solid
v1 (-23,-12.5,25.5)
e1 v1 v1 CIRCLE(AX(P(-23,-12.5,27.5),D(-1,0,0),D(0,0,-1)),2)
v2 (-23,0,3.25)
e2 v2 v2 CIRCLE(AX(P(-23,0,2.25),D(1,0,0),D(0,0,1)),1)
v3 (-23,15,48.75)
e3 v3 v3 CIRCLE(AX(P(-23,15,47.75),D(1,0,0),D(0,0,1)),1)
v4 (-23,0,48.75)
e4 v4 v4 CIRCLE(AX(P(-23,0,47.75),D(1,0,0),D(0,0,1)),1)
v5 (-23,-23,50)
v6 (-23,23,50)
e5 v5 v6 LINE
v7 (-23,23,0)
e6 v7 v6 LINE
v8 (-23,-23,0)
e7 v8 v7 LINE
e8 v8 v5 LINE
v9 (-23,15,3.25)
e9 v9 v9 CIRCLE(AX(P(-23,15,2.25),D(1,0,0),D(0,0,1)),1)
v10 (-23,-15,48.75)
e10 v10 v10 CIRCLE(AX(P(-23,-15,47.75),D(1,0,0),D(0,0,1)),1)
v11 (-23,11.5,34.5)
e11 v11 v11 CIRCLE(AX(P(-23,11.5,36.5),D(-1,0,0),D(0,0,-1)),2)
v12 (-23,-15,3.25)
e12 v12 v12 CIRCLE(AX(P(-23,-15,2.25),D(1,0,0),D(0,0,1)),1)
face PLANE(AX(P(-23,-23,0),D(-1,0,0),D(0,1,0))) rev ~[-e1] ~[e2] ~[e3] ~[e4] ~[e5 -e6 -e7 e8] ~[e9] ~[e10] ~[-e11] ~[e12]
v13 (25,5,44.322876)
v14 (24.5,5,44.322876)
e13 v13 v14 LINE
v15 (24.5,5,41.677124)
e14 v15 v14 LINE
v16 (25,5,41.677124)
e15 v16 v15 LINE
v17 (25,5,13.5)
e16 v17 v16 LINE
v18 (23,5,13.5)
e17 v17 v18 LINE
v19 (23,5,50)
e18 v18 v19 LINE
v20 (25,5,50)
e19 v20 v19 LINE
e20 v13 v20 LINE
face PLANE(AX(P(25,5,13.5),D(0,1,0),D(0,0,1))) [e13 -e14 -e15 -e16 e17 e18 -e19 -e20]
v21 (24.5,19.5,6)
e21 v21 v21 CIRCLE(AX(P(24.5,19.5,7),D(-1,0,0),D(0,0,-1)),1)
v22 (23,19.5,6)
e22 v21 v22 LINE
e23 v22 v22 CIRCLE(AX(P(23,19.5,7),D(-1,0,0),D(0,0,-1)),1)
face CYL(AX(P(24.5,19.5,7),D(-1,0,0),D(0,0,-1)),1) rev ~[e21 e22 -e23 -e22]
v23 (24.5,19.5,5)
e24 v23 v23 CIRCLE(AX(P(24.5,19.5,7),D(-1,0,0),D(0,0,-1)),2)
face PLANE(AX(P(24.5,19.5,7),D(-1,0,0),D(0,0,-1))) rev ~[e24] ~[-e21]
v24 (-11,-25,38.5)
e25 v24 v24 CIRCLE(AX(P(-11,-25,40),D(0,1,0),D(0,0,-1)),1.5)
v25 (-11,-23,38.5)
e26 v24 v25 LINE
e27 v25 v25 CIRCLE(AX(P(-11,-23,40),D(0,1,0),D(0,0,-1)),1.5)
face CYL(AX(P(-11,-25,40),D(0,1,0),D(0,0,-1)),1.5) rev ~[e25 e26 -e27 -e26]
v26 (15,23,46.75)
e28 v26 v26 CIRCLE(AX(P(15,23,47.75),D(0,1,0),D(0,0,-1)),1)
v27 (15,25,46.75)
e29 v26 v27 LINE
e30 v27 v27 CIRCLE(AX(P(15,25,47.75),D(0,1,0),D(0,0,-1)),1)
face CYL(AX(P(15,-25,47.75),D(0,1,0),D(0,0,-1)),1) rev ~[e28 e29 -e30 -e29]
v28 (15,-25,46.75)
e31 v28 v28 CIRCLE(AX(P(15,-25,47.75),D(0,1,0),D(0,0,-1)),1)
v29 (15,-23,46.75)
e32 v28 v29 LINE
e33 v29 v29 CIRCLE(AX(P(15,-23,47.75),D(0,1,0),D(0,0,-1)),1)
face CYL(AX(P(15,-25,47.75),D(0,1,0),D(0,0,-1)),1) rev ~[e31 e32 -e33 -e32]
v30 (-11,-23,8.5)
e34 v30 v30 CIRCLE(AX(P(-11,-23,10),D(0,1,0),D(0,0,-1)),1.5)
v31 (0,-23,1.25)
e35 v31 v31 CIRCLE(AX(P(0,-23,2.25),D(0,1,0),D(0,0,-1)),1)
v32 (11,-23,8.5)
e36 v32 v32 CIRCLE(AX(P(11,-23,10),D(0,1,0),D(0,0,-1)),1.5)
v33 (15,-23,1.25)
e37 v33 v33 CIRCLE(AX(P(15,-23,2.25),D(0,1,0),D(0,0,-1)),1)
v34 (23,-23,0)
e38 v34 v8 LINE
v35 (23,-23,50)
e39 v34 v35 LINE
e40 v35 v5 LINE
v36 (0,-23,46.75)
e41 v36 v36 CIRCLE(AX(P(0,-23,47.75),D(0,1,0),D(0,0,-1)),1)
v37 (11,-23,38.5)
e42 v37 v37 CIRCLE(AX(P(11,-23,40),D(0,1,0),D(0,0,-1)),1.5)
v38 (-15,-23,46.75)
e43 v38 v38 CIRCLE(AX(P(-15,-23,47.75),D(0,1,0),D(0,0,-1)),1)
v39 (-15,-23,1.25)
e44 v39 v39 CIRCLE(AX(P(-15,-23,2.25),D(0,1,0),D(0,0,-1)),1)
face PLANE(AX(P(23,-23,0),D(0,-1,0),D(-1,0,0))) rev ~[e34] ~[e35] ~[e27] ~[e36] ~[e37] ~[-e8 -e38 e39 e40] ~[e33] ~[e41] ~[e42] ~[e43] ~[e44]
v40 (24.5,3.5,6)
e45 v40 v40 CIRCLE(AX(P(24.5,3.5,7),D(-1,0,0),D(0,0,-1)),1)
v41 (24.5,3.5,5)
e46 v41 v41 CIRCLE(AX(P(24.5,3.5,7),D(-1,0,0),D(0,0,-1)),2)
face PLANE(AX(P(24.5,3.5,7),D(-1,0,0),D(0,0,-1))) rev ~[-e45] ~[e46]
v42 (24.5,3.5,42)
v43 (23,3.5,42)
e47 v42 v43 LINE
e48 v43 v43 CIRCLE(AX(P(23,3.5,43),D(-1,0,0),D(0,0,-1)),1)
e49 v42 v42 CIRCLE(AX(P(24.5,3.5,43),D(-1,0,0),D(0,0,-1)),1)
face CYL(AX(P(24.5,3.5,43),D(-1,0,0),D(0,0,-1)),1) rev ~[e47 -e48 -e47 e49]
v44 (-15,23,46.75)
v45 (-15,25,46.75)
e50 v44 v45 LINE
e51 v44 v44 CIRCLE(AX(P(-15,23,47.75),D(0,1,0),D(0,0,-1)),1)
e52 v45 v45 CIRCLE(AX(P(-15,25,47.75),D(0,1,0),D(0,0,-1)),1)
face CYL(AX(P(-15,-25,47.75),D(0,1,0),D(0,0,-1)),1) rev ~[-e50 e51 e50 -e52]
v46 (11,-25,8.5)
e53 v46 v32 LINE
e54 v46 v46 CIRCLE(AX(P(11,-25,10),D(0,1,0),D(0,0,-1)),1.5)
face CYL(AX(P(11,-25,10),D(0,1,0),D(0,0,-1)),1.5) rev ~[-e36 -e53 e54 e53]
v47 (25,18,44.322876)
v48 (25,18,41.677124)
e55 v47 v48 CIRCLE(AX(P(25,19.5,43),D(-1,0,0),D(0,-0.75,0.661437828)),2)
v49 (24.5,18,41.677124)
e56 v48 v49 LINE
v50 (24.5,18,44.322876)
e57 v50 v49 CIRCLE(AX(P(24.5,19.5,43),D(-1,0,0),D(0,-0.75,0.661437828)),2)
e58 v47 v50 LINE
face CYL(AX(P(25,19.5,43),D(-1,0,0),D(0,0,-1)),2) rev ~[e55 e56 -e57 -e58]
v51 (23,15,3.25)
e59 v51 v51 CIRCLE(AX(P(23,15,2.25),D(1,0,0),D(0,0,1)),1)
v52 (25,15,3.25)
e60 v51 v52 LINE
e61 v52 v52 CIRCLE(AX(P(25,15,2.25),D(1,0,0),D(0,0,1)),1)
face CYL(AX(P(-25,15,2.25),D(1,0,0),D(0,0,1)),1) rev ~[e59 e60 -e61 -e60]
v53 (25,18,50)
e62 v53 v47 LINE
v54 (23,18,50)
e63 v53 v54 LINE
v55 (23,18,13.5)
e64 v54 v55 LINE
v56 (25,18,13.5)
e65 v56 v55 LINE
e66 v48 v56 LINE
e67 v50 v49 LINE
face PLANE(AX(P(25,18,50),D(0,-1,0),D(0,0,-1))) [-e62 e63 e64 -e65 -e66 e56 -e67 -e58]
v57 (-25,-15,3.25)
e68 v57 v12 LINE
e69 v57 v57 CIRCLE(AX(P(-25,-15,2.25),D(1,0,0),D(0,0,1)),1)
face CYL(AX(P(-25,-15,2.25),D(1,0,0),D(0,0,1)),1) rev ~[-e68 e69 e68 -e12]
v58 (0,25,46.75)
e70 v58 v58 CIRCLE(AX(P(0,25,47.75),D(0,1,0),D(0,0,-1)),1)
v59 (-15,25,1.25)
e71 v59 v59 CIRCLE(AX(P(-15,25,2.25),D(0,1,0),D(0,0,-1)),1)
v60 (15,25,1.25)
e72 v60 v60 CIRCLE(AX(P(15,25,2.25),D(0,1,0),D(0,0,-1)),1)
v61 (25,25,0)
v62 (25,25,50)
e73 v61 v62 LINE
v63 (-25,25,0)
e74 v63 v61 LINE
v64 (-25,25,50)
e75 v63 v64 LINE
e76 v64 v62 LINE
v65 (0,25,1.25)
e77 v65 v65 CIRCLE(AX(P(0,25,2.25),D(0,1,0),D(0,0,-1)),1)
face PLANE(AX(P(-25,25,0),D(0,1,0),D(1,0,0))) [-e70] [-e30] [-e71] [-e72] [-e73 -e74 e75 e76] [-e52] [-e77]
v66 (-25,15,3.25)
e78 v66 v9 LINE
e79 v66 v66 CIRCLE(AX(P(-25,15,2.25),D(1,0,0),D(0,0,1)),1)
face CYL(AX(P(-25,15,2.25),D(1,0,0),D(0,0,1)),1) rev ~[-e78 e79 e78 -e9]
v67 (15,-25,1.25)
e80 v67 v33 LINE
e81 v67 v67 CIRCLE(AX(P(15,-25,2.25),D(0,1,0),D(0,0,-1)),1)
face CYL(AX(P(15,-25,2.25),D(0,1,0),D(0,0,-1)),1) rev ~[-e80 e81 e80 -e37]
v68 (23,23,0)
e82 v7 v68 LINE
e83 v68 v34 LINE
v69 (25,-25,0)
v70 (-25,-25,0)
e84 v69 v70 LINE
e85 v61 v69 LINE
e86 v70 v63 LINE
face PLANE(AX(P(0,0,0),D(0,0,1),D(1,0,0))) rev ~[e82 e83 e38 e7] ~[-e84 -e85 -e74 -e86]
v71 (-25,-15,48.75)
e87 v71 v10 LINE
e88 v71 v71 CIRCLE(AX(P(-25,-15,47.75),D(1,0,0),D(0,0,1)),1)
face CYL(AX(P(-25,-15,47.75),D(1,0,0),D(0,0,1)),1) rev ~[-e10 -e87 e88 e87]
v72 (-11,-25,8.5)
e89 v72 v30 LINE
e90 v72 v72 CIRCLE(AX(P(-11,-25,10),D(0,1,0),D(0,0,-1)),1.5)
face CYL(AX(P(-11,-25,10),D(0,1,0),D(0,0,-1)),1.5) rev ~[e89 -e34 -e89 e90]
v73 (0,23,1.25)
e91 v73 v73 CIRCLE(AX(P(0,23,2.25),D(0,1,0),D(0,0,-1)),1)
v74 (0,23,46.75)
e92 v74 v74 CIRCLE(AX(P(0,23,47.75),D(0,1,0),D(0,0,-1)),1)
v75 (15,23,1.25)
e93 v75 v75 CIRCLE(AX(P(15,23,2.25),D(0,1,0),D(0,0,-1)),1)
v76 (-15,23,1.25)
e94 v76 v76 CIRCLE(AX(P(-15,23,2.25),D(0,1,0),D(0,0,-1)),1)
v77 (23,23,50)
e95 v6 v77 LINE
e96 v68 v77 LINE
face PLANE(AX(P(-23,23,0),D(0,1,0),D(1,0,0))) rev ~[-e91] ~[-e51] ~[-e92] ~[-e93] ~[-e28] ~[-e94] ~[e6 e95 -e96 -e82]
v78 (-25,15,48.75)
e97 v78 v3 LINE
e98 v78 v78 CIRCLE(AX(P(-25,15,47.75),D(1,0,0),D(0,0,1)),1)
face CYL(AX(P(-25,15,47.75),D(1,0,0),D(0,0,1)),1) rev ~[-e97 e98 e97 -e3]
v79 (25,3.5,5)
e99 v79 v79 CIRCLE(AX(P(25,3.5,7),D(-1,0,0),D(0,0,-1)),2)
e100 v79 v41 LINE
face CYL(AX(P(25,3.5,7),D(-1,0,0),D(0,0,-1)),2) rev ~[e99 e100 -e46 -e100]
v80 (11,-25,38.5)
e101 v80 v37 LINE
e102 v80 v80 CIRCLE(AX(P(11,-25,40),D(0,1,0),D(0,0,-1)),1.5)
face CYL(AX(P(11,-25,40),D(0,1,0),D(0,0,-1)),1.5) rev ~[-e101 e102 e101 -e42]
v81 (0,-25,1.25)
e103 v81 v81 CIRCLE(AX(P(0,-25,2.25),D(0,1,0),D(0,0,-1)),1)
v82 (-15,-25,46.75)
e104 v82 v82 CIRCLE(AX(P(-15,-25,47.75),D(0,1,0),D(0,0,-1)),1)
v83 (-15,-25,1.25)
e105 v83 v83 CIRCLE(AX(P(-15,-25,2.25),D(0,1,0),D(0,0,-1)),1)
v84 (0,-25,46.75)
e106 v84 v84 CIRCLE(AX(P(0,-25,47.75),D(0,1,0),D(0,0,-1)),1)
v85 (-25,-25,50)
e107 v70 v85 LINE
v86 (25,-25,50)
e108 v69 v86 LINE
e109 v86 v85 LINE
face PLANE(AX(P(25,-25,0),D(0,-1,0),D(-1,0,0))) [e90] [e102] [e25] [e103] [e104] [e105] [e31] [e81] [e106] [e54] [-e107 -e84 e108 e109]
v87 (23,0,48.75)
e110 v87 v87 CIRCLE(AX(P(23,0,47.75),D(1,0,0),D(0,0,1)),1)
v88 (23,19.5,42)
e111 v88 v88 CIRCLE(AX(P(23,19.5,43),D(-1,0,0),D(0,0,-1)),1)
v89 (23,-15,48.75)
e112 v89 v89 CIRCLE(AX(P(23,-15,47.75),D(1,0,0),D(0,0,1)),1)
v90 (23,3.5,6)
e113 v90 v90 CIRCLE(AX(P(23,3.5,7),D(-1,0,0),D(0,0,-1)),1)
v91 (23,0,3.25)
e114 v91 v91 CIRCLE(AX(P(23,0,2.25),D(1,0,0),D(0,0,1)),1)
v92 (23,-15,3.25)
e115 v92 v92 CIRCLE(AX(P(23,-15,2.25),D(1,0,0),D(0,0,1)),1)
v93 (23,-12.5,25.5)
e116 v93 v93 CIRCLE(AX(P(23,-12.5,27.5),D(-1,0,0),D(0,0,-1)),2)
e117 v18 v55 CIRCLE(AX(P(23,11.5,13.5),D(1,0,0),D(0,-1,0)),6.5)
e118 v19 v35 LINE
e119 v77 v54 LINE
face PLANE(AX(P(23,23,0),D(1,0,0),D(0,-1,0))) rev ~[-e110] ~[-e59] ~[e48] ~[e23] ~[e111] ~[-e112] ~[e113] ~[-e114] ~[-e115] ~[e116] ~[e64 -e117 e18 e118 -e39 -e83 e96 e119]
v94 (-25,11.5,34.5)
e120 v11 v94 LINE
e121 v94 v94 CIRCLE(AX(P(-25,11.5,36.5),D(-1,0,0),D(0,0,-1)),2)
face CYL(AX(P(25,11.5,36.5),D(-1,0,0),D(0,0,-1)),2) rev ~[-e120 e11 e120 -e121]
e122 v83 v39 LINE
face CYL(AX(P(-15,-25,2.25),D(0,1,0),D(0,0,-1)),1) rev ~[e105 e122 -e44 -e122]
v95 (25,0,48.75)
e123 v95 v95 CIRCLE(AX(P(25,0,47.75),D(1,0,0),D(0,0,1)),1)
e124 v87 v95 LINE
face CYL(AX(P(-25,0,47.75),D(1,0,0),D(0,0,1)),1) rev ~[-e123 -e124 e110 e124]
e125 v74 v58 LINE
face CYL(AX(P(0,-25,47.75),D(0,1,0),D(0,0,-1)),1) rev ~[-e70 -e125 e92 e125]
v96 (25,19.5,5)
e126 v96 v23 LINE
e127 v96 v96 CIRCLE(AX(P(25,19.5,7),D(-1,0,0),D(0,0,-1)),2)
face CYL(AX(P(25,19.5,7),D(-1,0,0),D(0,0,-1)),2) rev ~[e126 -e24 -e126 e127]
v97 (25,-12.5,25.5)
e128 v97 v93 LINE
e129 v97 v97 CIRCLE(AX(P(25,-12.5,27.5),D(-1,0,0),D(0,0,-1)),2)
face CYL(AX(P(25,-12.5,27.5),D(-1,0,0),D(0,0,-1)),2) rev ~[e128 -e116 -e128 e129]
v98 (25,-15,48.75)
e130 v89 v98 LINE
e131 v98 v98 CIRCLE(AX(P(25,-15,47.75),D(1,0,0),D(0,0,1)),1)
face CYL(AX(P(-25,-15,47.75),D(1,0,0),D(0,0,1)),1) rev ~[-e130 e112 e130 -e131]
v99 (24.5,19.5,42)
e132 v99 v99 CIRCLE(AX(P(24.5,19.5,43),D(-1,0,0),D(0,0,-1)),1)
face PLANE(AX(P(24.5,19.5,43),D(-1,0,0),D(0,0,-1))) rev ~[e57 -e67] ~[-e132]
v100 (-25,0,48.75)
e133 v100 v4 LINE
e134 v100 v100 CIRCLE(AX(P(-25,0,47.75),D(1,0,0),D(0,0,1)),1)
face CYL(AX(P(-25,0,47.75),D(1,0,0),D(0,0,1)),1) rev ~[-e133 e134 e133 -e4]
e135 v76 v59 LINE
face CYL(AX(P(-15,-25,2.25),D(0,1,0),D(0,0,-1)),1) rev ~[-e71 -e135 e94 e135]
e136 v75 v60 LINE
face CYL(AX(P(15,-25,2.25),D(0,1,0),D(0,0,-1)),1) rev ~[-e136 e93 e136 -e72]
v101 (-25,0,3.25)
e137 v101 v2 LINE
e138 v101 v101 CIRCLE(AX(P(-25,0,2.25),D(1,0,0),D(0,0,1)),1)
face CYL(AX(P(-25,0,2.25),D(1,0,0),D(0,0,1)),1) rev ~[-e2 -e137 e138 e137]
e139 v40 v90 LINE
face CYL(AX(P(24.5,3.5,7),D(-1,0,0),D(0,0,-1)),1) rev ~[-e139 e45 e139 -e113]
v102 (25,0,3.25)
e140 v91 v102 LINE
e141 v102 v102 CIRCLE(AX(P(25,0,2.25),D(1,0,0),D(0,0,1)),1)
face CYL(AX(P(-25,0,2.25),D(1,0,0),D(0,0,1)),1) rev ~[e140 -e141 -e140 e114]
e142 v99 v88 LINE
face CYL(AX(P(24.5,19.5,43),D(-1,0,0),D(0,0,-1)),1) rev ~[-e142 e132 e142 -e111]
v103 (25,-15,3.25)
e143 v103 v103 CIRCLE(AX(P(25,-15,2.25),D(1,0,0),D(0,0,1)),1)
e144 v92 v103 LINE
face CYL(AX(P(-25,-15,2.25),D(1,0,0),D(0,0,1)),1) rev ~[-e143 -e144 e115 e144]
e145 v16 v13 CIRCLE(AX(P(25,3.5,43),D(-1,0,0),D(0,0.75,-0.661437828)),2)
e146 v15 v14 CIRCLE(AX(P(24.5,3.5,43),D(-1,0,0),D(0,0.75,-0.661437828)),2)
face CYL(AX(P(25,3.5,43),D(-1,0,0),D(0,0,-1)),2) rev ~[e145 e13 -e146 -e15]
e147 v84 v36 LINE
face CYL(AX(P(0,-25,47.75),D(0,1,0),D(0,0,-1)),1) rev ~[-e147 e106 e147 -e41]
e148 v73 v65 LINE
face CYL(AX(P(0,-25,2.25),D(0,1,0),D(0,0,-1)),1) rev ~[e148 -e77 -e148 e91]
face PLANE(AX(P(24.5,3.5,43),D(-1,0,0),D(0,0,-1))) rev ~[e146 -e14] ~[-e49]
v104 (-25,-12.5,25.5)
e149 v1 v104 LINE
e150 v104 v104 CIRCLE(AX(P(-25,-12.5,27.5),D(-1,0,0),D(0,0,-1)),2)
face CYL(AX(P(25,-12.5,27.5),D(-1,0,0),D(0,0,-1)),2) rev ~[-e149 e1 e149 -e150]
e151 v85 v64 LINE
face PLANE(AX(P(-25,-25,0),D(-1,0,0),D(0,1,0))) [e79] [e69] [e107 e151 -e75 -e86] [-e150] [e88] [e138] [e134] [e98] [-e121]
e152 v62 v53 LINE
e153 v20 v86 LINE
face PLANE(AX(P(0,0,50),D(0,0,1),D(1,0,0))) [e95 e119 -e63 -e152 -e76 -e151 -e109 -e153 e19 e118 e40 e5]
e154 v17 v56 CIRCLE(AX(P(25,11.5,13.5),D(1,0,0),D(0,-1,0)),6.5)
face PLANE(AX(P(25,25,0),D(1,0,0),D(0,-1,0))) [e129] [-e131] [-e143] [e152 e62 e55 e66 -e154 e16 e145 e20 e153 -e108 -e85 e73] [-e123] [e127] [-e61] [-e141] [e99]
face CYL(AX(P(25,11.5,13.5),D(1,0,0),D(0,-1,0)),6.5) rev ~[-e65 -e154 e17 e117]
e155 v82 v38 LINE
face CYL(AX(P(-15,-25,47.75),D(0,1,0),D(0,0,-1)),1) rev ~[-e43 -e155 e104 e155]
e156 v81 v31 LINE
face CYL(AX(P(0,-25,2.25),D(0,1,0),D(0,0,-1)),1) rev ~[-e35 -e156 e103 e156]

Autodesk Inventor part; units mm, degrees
ref_plane "YZ Plane" through (0, 0, 0) normal (1, 0, 0) x (0, 1, 0)
ref_plane "XZ Plane" through (0, 0, 0) normal (0, 1, 0) x (-1, 0, 0)
ref_plane "XY Plane" through (0, 0, 0) normal (0, 0, 1) x (1, 0, 0)
sketch "スケッチ1" plane through (0, 0, 0) normal (0, 0, 1) x (1, 0, 0)
  line L0 (-25, 25) -> (25, 25)
  line L1 (25, 25) -> (25, -25)
  line L2 (25, -25) -> (-25, -25)
  line L3 (-25, -25) -> (-25, 25)
  line L4 (-23, 23) -> (23, 23)
  line L5 (23, 23) -> (23, -23)
  line L6 (23, -23) -> (-23, -23)
  line L7 (-23, -23) -> (-23, 23)
  point P0 (0, 0)
  dimension "d0" = 50
  dimension "d1" = 50
  dimension "d4" = 25
  dimension "d5" = 25
  dimension "d6" = 46
  dimension "d7" = 2
  dimension "d8" = 46
  dimension "d9" = 2
extrude "押し出し1" add sketch "スケッチ1" along normal blind 50
sketch "スケッチ2" plane through (25, -25, 0) normal (1, 0, 0) x (0, 0, -1)
  line L0 (-50, 50) -> (-50, 0) projected
  line L1 (-50, 43) -> (-13.5, 43)
  line L2 (-13.5, 30) -> (-50, 30)
  line L3 (-50, 30) -> (-50, 43)
  arc A0 (-13.5, 30) -> (-13.5, 43) centre (-13.5, 36.5) ccw
  line L4 (0, 50) -> (-50, 50) projected
  point P0 (0, 25)
  point P1 (-11.7323, 30.245)
  dimension "d34" = 13
  dimension "d43" = 13
  dimension "d44" = 6.5
  dimension "d46" = 36.5
  dimension "d236" = 7
extrude "押し出し2" cut sketch "スケッチ2" against normal blind 30.5
sketch "スケッチ3" plane through (25, -25, 0) normal (1, 0, 0) x (0, 0, -1)
  arc A0 (-13.5, 30) -> (-13.5, 43) centre (-13.5, 36.5) ccw projected
  line L0 (-13.5, 30) -> (-50, 30) projected
  circle A1 centre (-7, 44.5) radius 1
  circle A2 centre (-43, 44.5) radius 1
  circle A3 centre (-43, 28.5) radius 1
  circle A4 centre (-7, 28.5) radius 1
  point P0 (0, 25)
  dimension "d47" = 8
  dimension "d48" = 8
  dimension "d49" = 16
  dimension "d50" = 1.5
  dimension "d51" = 36
  dimension "d52" = 36
  dimension "d53" = 6.5
  dimension "d55" = 2
  dimension "d56" = 6.5
hole "穴1" at (25, 3.5, 43) at (25, 19.5, 7) at (25, 3.5, 7) at (25, 19.5, 43) direction (-1, 0, 0) diameter 2 depth 2 tip angle 118 counterbore diameter 4 counterbore depth 0.5
sketch "スケッチ11" plane through (25, -25, 0) normal (1, 0, 0) x (0, 0, -1)
  circle A0 centre (-36.5, 36.5) radius 1.5
  line L0 (-50, 50) -> (-50, 43) projected
  circle A1 centre (-27.5, 12.5) radius 1.5
  line L1 (0, 50) -> (0, 0) projected
  line L2 (0, 50) -> (-50, 50) projected
  point P0 (0, 25)
  dimension "d109" = 3
  dimension "d128" = 24
  dimension "d237" = 13.5
  dimension "d238" = 27.5
  dimension "d239" = 13.5
hole "穴6" at (25, -12.5, 27.5) at (25, 11.5, 36.5) direction (-1, 0, 0) diameter 4 end through all
sketch "スケッチ15" plane through (-25, -25, 0) normal (0, -1, 0) x (1, 0, 0)
  line L0 (50, 50) -> (0, 50) projected
  line L1 (0, 0) -> (0, 50) projected
  circle A0 centre (10, 47.75) radius 1
  circle A1 centre (25, 47.75) radius 1
  circle A2 centre (40, 47.75) radius 1
  line L2 (50, 0) -> (0, 0) projected
  circle A3 centre (10, 2.25) radius 1
  circle A4 centre (25, 2.25) radius 1
  circle A5 centre (40, 2.25) radius 1
  point P0 (49.5, 0)
  point P1 (49.5, 50)
  point P2 (25, 0)
  dimension "d138" = 2
  dimension "d139" = 10
  dimension "d141" = 2.25
  dimension "d142" = 2.25
  dimension "d143" = 2.25
  dimension "d144" = 15
  dimension "d166" = 15
  dimension "d167" = 10
  dimension "d168" = 15
  dimension "d169" = 15
  dimension "d170" = 2.25
  dimension "d171" = 2.25
  dimension "d172" = 2.25
hole "穴10" at (-15, -25, 47.75) at (-15, -25, 2.25) at (0, -25, 47.75) at (0, -25, 2.25) at (15, -25, 2.25) at (15, -25, 47.75) direction (0, 1, 0) diameter 2 end through all
sketch "スケッチ16" plane through (-25, -25, 0) normal (-1, 0, 0) x (0, 0, 1)
  line L0 (50, 0) -> (50, 50) projected
  line L1 (0, 50) -> (50, 50) projected
  line L2 (0, 0) -> (50, 0) projected
  circle A0 centre (47.75, 40) radius 1
  circle A1 centre (47.75, 25) radius 1
  circle A2 centre (47.75, 10) radius 1
  circle A3 centre (2.25, 40) radius 1
  circle A4 centre (2.25, 25) radius 1
  circle A5 centre (2.25, 10) radius 1
  line L3 (0, 48) -> (0, 2) projected
  point P0 (0, 25)
  dimension "d152" = 2
  dimension "d153" = 2.25
  dimension "d154" = 2.25
  dimension "d155" = 2.25
  dimension "d156" = 10
  dimension "d157" = 10
  dimension "d158" = 15
  dimension "d173" = 15
  dimension "d174" = 15
  dimension "d175" = 10
  dimension "d176" = 2.25
  dimension "d177" = 2.25
  dimension "d178" = 2.25
hole "穴11" at (-25, 15, 2.25) at (-25, 0, 2.25) at (-25, -15, 2.25) at (-25, -15, 47.75) at (-25, 0, 47.75) at (-25, 15, 47.75) direction (1, 0, 0) diameter 2 end through all
sketch "スケッチ18" plane through (-25, -25, 0) normal (0, -1, 0) x (1, 0, 0)
  circle A0 centre (25, 2.25) radius 1 projected
  circle A1 centre (25, 47.75) radius 1 projected
  line L0 (50, 50) -> (0, 50) projected
  line L1 (50, 0) -> (0, 0) projected
  circle A2 centre (14, 40) radius 1.5
  circle A3 centre (36, 40) radius 1.5
  circle A4 centre (14, 10) radius 1.5
  circle A5 centre (36, 10) radius 1.5
  point P0 (49.5, 0)
  point P1 (49.5, 50)
  point P2 (25, 0)
  dimension "d240" = 10
  dimension "d241" = 10
  dimension "d242" = 10
  dimension "d243" = 10
  dimension "d244" = 11
  dimension "d245" = 11
  dimension "d246" = 11
  dimension "d247" = 11
  dimension "d248" = 3
hole "穴13" at (-11, -25, 40) at (-11, -25, 10) at (11, -25, 40) at (11, -25, 10) direction (0, 1, 0) diameter 3 depth 2 tip angle 118
thread "ねじ13" size "M3x0.5" class "6H" standard "ANSI Metric M Profile" full length
thread "ねじ14" size "M3x0.5" class "6H" standard "ANSI Metric M Profile" full length
thread "ねじ15" size "M3x0.5" class "6H" standard "ANSI Metric M Profile" full length
thread "ねじ16" size "M3x0.5" class "6H" standard "ANSI Metric M Profile" full length
